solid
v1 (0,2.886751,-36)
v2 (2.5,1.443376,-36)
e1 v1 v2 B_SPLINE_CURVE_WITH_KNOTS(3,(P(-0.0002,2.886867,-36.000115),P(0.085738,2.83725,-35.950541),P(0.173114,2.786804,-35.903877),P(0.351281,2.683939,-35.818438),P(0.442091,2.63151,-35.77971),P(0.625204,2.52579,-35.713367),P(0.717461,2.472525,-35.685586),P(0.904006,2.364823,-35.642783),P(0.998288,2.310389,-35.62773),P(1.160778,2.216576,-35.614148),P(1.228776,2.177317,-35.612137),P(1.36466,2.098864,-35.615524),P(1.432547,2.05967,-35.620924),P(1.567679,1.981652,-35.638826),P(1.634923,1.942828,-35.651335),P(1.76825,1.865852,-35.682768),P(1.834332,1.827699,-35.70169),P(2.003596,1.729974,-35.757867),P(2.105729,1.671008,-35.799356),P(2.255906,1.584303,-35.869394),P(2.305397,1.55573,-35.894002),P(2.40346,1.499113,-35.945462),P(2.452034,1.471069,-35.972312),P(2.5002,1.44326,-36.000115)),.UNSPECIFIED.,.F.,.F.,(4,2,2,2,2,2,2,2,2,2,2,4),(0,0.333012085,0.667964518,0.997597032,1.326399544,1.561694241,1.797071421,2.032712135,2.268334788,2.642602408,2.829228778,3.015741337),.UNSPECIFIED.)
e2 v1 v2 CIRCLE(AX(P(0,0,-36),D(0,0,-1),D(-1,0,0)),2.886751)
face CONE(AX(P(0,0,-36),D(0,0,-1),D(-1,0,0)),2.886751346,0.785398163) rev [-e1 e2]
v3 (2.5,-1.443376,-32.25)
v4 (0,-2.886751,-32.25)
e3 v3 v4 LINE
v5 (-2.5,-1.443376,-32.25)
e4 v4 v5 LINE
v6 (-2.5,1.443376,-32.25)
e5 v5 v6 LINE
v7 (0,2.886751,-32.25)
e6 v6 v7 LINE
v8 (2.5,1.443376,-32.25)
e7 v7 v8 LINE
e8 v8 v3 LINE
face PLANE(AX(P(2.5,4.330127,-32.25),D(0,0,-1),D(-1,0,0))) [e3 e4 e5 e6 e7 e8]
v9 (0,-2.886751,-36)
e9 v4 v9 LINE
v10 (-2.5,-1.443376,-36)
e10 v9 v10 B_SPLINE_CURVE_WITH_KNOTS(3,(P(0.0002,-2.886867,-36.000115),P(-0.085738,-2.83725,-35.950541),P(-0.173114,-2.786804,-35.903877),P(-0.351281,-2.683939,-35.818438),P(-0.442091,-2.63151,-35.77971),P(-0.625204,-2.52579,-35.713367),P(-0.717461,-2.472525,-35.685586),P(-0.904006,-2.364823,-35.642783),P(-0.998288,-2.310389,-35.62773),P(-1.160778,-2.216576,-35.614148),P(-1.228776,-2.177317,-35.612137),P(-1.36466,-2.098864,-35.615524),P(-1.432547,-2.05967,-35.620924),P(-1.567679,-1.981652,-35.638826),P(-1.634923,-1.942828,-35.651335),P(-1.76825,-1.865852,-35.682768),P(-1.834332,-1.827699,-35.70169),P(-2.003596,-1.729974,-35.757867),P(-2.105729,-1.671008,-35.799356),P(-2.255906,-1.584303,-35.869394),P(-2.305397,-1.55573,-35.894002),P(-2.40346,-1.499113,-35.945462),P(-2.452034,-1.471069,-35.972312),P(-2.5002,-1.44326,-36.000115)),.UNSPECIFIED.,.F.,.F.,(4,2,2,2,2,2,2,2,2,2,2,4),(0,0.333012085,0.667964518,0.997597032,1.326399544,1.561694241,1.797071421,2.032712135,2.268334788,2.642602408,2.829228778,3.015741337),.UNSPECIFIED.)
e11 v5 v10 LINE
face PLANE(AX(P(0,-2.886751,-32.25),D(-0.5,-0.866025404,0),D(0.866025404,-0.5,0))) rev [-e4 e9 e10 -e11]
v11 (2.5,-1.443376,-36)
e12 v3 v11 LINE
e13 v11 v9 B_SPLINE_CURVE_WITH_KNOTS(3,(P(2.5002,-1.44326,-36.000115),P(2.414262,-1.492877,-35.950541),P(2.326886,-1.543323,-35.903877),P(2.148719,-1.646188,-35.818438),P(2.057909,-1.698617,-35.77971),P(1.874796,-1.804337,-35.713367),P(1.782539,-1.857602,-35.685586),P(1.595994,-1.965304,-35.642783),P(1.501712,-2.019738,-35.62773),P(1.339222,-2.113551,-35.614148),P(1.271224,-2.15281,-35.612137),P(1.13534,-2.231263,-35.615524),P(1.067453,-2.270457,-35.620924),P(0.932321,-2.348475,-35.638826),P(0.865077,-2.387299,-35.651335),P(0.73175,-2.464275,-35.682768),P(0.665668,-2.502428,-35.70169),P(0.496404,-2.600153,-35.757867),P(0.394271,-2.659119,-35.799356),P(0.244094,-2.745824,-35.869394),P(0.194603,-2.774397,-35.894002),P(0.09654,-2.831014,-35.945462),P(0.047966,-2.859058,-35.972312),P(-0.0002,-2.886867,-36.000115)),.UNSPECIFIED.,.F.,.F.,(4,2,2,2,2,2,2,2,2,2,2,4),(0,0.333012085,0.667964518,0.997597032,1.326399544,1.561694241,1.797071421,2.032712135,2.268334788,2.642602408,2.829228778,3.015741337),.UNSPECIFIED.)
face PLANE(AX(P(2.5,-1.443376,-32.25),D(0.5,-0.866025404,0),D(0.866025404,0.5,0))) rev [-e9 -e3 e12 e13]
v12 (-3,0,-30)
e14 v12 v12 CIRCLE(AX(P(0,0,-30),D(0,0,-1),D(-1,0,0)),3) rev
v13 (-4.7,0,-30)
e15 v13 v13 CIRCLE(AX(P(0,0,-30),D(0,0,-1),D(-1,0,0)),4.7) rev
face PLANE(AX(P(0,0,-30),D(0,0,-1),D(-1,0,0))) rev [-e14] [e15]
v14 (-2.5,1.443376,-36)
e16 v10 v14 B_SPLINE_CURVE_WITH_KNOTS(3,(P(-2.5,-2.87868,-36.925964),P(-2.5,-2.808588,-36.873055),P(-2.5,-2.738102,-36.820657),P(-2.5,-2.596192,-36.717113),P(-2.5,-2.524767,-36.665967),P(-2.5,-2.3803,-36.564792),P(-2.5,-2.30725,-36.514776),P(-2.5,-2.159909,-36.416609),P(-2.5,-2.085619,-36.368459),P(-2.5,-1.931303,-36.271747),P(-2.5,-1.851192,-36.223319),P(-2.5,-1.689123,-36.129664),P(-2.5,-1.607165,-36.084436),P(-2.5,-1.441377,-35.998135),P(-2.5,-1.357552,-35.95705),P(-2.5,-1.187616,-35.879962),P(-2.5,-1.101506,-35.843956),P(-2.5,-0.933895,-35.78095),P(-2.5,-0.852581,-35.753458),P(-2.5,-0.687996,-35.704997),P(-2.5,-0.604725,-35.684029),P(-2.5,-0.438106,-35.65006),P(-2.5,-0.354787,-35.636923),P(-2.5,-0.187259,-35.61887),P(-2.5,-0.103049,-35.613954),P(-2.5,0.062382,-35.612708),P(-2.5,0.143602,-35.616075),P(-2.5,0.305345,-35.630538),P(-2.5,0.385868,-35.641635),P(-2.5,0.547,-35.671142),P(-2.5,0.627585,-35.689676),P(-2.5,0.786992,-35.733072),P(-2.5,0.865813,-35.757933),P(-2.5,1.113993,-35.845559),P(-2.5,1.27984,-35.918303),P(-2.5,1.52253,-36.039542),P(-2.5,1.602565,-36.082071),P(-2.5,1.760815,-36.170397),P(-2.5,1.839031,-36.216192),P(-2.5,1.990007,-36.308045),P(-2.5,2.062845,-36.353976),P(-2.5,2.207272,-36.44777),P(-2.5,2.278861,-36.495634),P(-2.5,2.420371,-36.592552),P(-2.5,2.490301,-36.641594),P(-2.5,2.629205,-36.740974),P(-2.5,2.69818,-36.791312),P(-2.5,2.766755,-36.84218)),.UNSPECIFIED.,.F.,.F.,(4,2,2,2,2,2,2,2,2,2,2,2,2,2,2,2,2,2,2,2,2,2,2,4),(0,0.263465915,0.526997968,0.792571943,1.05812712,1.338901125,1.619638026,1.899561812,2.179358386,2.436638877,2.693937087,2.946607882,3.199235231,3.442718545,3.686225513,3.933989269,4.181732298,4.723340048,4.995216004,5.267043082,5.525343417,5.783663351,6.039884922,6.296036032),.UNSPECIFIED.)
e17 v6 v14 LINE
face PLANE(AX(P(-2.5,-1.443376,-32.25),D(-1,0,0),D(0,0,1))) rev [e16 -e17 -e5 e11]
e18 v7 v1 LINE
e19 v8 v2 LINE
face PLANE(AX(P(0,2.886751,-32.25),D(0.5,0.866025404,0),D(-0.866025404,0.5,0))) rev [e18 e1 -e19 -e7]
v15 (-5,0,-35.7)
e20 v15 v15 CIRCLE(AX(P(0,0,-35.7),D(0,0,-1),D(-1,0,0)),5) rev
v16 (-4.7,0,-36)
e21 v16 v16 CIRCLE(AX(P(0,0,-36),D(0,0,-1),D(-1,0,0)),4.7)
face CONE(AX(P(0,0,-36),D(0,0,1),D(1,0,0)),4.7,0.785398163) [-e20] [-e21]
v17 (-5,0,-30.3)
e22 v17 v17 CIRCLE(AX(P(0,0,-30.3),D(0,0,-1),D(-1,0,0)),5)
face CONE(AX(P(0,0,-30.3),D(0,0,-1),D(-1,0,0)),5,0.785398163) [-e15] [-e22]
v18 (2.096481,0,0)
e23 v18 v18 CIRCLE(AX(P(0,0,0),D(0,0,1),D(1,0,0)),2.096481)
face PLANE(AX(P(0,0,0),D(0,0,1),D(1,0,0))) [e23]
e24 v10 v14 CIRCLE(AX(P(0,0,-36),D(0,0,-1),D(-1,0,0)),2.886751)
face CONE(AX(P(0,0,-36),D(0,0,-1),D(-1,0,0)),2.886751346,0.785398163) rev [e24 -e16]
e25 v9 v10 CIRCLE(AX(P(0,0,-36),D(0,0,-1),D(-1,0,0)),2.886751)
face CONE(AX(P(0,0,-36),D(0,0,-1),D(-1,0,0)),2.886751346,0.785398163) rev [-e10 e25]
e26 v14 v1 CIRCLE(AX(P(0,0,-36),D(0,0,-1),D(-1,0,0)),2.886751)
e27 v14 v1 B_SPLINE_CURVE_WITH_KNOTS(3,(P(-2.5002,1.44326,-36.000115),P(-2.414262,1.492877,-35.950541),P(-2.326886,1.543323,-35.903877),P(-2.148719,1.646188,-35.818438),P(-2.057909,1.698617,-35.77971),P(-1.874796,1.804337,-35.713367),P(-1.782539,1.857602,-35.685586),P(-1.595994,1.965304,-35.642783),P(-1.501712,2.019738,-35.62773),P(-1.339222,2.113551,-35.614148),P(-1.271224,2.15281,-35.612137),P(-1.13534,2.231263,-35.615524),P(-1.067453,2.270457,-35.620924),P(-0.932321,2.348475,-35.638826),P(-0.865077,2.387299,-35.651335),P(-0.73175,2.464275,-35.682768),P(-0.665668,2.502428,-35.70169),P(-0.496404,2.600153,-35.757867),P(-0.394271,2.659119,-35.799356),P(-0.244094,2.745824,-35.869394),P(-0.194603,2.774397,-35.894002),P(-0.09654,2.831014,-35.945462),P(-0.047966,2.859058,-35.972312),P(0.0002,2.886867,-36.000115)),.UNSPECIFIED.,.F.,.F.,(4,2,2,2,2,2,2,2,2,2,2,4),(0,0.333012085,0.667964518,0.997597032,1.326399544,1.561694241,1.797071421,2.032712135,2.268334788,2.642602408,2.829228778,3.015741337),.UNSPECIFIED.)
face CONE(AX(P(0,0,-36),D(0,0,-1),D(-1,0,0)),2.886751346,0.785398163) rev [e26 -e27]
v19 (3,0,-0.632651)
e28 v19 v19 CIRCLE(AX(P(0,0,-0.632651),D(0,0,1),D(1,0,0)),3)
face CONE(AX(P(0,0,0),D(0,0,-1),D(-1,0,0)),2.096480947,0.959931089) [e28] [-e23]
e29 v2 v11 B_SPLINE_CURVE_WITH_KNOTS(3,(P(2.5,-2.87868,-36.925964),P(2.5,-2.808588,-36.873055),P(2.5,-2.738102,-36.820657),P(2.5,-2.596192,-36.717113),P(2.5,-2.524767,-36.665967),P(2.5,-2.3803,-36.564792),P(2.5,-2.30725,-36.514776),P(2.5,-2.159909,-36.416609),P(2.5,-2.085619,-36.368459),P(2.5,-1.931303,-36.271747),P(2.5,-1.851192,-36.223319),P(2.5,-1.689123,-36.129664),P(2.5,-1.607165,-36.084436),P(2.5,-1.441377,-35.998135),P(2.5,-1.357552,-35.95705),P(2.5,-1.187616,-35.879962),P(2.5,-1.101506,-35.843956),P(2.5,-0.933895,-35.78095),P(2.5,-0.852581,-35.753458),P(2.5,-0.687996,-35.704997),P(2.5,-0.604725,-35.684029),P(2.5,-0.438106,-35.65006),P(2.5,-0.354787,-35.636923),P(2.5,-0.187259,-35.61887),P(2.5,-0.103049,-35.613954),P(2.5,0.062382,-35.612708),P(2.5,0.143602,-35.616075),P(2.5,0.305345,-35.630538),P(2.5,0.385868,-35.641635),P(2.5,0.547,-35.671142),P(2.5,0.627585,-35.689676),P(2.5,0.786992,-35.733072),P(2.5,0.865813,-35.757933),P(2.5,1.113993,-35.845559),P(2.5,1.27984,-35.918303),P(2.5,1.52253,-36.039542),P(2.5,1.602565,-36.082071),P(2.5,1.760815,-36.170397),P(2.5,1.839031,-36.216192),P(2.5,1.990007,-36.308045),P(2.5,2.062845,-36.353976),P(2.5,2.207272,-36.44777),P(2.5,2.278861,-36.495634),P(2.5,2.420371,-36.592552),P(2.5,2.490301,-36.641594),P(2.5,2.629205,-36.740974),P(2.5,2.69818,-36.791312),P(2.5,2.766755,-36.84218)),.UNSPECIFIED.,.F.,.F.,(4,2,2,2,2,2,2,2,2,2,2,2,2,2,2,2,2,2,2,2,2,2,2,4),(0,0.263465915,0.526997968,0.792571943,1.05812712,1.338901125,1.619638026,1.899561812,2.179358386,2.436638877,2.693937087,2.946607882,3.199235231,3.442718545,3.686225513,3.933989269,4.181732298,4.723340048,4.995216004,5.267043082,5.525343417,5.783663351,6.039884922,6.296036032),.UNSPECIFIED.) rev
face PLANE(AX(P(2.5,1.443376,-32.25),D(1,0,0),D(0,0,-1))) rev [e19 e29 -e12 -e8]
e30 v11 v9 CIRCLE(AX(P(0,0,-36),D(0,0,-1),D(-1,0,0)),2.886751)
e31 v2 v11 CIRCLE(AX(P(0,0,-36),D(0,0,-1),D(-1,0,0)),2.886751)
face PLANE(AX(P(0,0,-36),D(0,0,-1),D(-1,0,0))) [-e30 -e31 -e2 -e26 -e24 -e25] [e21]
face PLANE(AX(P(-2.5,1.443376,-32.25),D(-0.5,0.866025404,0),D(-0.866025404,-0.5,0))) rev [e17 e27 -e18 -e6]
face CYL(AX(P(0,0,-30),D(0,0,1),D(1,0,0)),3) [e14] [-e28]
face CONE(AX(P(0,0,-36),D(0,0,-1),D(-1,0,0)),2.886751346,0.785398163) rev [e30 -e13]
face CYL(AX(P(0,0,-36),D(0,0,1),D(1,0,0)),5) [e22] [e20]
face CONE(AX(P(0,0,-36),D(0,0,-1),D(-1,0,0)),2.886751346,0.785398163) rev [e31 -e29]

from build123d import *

# Parameters (mm, degrees)
SKETCH1_R          = 3
EXTRUDE1_DEPTH     = 30
SKETCH6_R          = 5
EXTRUDE2_DEPTH     = 6
CUT_EXTRUDE1_DEPTH = 3.75
CHAMFER1_SIZE      = 0.3


with BuildPart() as part:
    # Sketch1 → Extrude1 (new body)
    with BuildSketch(Plane.XY):
        Circle(SKETCH1_R)
    extrude(amount=-EXTRUDE1_DEPTH)

    # Sketch4 → Cut-Revolve1 (revolve, cut)
    with BuildSketch(Plane(origin=(0, 0, 0), x_dir=(0, 0, -1), z_dir=(1, 0, 0))):
        Polygon((0.632650852, 3), (0, 2.096480947), (0, 3), align=None)
    revolve(axis=Axis((0, 0, 0), (0, 0, -1)), mode=Mode.SUBTRACT)

    # Sketch6 → Extrude2 (add)
    with BuildSketch(Plane(origin=(0, 0, -30), x_dir=(-1, 0, 0), z_dir=(0, 0, -1))):
        Circle(SKETCH6_R)
    extrude(amount=EXTRUDE2_DEPTH)

    # Sketch7 → Cut-Extrude1 (cut)
    with BuildSketch(Plane(origin=(0, 0, -36), x_dir=(-1, 0, 0), z_dir=(0, 0, -1))):
        Polygon((0, 2.886751346), (-2.5, 1.443375673), (-2.5, -1.443375673), (0, -2.886751346), (2.5, -1.443375673), (2.5, 1.443375673), align=None)
    extrude(amount=-CUT_EXTRUDE1_DEPTH, mode=Mode.SUBTRACT)

    # Cut-Extrude2 cone 1 section (through the dimple's axis) → Cut-Extrude2 (revolve, cut)
    with BuildSketch(Plane(origin=(0, 0, -36), x_dir=(0, 1, 0), z_dir=(1, 0, 0))):
        Polygon((0, 0), (2.886751346, 0), (0, 2.886751346), align=None)
    revolve(axis=Axis((0, 0, -36), (0, 0, 1)), mode=Mode.SUBTRACT)

    # Chamfer1
    chamfer1_edges = [part.edges().sort_by_distance(p)[0] for p in [
        (5, 0, -36),
        (5, 0, -30),
    ]]
    chamfer(chamfer1_edges, length=CHAMFER1_SIZE)

    # Sketch10 → Revolve1 (revolve)
    with BuildSketch(Plane(origin=(0, 0, 0), x_dir=(0, 0, -1), z_dir=(1, 0, 0))):
        Polygon((30, 3), (30, 0), (28.507359313, 0), (29.75, 3), align=None)
    revolve(axis=Axis((0, 0, -30), (0, 0, 1)))


solid = part.part
